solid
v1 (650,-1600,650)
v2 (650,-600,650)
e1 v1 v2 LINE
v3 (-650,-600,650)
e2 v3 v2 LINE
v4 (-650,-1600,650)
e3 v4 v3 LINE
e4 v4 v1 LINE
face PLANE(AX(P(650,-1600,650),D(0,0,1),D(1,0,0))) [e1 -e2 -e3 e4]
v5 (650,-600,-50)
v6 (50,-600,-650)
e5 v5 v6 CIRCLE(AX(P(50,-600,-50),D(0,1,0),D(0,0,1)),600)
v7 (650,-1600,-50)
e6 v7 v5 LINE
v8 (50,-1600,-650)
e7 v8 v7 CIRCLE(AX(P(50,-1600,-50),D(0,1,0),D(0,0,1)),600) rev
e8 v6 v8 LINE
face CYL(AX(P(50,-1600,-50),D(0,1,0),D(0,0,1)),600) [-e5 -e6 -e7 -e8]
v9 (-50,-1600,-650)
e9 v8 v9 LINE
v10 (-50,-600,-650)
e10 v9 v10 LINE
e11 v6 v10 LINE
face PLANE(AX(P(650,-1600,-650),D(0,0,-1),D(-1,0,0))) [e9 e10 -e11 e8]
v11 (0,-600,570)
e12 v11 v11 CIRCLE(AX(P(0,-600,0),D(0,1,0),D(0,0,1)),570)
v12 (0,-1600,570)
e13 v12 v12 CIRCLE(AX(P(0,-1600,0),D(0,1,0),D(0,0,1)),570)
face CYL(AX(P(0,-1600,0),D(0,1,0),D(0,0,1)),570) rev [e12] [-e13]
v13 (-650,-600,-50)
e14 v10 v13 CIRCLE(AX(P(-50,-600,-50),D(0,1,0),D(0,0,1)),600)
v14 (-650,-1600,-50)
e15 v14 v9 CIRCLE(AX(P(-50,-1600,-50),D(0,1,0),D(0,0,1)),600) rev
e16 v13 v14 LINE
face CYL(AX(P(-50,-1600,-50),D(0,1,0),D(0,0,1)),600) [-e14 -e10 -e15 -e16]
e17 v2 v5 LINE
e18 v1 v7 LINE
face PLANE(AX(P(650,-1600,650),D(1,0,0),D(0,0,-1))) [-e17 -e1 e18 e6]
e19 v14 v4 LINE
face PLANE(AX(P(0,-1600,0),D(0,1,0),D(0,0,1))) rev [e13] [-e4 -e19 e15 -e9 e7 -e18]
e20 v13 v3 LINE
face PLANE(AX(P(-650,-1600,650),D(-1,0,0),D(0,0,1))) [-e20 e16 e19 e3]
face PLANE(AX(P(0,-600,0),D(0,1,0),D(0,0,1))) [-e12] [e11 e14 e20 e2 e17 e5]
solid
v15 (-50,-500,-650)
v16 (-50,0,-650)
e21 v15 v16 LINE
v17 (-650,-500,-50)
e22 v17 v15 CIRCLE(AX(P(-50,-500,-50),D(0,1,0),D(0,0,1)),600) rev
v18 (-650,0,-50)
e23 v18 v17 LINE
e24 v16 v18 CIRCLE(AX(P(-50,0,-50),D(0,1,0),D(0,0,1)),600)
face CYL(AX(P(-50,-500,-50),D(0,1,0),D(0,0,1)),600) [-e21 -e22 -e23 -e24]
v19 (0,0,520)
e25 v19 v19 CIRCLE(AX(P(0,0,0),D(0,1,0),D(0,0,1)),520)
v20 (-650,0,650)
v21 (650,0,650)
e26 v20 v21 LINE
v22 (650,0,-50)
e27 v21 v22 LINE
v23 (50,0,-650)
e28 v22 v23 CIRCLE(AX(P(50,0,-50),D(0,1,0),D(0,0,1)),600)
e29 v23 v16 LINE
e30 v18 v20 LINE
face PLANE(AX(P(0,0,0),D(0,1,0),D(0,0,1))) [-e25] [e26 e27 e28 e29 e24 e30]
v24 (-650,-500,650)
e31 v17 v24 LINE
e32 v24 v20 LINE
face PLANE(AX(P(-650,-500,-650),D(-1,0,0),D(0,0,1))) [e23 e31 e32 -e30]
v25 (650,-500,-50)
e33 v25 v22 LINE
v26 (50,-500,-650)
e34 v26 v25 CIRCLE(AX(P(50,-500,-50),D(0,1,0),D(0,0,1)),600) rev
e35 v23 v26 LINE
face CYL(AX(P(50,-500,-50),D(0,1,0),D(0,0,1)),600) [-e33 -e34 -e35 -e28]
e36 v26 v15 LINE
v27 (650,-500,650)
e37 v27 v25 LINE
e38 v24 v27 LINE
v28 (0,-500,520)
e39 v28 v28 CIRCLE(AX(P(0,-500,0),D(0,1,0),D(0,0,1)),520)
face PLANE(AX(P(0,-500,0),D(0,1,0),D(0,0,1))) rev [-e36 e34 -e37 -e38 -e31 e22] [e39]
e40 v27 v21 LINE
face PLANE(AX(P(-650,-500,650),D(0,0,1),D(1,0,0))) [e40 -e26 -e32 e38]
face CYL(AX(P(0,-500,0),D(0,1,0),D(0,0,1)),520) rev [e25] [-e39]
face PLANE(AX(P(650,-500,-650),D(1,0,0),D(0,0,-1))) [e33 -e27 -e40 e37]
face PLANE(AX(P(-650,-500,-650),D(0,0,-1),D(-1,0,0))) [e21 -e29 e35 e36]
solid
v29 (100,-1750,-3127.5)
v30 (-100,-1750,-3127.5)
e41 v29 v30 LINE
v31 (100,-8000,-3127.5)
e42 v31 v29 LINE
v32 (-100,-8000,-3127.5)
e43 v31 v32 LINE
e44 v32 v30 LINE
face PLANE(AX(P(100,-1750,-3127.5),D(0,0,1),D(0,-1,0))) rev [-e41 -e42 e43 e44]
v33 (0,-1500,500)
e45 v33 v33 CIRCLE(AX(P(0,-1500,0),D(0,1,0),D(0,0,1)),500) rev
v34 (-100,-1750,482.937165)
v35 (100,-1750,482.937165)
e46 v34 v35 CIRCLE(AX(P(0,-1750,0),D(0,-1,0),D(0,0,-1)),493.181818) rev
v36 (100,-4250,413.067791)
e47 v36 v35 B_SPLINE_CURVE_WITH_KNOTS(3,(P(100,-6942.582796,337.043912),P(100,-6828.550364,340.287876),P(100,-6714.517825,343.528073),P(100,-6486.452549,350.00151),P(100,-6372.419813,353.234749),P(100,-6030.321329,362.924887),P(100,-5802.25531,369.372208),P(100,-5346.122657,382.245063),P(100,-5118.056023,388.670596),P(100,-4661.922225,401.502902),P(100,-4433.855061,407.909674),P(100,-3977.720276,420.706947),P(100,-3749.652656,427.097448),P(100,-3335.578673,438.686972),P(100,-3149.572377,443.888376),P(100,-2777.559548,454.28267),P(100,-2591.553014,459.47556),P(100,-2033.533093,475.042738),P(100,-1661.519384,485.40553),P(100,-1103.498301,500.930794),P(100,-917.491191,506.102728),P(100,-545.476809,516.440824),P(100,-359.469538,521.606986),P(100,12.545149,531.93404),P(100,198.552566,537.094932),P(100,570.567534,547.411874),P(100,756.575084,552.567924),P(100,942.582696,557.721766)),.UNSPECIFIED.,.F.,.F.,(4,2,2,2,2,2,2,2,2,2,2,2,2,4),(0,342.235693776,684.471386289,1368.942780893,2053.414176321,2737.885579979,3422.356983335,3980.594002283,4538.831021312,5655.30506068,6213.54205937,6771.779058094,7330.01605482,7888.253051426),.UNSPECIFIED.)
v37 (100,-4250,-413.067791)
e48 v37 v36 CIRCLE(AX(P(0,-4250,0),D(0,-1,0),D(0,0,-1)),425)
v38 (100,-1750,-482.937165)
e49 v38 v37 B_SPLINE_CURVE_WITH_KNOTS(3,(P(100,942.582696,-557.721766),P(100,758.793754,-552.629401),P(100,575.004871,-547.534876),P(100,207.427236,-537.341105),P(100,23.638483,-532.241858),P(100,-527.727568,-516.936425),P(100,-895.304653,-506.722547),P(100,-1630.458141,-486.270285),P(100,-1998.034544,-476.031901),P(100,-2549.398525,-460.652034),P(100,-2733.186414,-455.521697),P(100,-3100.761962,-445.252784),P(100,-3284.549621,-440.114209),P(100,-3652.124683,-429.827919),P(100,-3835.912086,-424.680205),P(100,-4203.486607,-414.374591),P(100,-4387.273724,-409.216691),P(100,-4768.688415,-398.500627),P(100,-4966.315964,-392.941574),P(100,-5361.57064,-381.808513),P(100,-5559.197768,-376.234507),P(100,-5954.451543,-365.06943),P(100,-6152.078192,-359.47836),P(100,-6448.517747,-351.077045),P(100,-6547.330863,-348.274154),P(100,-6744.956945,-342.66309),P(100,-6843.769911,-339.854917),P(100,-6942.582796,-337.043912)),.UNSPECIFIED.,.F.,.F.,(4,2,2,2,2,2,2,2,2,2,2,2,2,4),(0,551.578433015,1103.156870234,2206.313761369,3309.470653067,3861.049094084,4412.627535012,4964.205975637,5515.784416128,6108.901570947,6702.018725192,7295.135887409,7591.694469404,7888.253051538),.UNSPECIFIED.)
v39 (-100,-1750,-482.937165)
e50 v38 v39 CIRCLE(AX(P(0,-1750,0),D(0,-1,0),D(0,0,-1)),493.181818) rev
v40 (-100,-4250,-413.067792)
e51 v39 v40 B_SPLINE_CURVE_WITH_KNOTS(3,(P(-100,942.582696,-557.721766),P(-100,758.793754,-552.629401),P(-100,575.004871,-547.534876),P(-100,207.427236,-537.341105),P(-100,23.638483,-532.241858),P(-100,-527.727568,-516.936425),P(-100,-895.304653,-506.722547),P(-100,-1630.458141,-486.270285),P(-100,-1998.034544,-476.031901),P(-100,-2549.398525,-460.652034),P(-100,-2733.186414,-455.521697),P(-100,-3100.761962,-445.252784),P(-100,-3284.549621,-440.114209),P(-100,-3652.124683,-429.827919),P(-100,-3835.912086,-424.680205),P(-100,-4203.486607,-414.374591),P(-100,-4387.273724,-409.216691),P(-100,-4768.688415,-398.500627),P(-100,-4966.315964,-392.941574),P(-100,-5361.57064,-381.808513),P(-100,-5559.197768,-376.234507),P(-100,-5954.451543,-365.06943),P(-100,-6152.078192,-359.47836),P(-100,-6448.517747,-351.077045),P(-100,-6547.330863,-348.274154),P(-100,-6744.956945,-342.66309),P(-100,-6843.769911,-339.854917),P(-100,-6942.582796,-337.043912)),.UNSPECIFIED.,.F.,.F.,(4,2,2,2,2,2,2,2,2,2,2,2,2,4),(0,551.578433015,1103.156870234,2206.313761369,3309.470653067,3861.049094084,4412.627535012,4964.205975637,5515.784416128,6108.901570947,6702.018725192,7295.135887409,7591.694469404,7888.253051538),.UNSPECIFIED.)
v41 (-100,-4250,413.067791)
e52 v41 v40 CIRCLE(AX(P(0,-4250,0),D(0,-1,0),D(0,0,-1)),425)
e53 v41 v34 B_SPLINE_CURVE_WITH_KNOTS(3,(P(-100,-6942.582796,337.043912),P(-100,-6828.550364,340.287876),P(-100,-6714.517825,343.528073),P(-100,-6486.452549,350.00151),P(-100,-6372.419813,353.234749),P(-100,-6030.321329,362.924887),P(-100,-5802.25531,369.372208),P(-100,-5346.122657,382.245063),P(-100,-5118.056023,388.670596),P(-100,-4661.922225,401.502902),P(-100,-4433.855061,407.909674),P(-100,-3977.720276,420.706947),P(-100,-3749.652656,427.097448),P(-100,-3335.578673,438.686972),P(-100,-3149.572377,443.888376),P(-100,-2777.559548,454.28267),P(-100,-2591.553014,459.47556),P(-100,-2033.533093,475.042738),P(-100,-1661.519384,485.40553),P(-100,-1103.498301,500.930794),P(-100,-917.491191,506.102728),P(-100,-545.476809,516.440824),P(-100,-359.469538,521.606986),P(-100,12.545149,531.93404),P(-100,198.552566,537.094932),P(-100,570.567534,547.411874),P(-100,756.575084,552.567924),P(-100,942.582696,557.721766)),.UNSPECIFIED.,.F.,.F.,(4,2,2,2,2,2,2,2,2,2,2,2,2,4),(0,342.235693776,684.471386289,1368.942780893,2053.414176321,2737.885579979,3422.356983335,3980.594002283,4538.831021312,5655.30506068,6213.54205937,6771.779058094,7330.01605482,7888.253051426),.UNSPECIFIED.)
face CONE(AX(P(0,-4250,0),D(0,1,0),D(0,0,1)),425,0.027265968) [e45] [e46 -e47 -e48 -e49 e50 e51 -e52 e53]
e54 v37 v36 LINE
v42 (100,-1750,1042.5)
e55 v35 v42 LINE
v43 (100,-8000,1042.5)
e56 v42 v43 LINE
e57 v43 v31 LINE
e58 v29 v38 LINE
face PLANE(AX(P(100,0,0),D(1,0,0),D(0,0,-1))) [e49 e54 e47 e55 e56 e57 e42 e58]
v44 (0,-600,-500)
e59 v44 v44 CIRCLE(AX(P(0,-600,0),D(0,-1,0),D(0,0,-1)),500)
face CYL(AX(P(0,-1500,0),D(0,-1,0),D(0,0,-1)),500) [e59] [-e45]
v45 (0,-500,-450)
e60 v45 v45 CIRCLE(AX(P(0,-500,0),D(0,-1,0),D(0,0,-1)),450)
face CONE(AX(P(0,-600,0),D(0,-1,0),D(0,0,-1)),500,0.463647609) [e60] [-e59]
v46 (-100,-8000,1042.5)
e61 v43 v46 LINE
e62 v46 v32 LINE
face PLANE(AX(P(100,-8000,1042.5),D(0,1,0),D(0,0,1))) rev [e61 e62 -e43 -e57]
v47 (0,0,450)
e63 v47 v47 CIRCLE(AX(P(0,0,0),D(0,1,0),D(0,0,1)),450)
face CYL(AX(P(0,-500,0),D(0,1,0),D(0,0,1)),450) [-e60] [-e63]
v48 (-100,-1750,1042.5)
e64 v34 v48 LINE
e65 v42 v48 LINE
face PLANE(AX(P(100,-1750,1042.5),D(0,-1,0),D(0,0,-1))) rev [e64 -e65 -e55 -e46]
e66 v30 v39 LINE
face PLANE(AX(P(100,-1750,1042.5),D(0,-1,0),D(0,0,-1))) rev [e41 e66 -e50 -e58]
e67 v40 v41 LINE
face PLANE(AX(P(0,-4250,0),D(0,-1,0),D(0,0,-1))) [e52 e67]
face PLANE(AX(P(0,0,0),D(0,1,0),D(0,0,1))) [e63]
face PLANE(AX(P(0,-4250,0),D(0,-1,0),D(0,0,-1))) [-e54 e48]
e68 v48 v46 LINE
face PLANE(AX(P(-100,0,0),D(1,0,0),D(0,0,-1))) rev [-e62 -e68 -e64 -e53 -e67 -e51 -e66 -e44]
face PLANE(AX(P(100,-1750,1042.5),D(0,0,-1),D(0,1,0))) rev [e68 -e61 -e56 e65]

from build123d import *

# Parameters (mm, degrees)
SKETCH_8_R       = 450
EXTRUDE_3_DEPTH  = 500
SKETCH_20_R      = 425
SKETCH_22_W      = 4170
SKETCH_22_H      = 6250
EXTRUDE_9_DEPTH  = 100
SKETCH_23_W      = 1300
SKETCH_23_H      = 1300
SKETCH_23_R      = 520
EXTRUDE_10_DEPTH = 500
SKETCH_24_W      = 1300
SKETCH_24_H      = 1300
SKETCH_24_R      = 570
EXTRUDE_11_DEPTH = 1000
FILLET_1_R       = 600
FILLET_2_R       = 600


with BuildPart() as part:
    # 草图8 → 凸台-拉伸3 (new body)
    with BuildSketch(Plane(origin=(0, 0, 0), x_dir=(1, 0, 0), z_dir=(0, 1, 0))):
        with Locations(Location((0, 0, 0), (0, 0, 270))):
            Circle(SKETCH_8_R)
    extrude(amount=-EXTRUDE_3_DEPTH)

    # 草图19 → 旋转1 (revolve)
    with BuildSketch(Plane(origin=(0, 0, 0), x_dir=(0, 0, -1), z_dir=(1, 0, 0))):
        Polygon((450, -500), (500, -600), (500, -1500), (0, -1500), (0, -500), align=None)
    revolve(axis=Axis((0, -1500, 0), (0, 1, 0)))

    # 草图20 → section 1 of loft_2
    with BuildSketch(Plane(origin=(0, -4250, 0), x_dir=(-1, 0, 0), z_dir=(0, -1, 0)), mode=Mode.PRIVATE) as loft_2_s1:
        Circle(SKETCH_20_R)
    # loft up to a face of the part (loft_2)
    loft([Face(Wire([part.edges().sort_by_distance((364.484313711, -1500, 342.273552964))[0]])), loft_2_s1.sketch])

    # 草图22 → 凸台-拉伸9 (add, symmetric)
    with BuildSketch(Plane(origin=(0, 0, 0), x_dir=(0, 0, -1), z_dir=(1, 0, 0))):
        with Locations((1042.5, -4875)):
            Rectangle(SKETCH_22_W, SKETCH_22_H)
    extrude(amount=EXTRUDE_9_DEPTH, both=True)


with BuildPart() as body_2:
    # 草图23 → 凸台-拉伸10 (new body)
    with BuildSketch(Plane(origin=(0, 0, 0), x_dir=(1, 0, 0), z_dir=(0, 1, 0))):
        Rectangle(SKETCH_23_W, SKETCH_23_H)
        with Locations(Location((0, 0, 0), (0, 0, 270))):
            Circle(SKETCH_23_R, mode=Mode.SUBTRACT)
    extrude(amount=-EXTRUDE_10_DEPTH)

    # 圆角1
    fillet_1_edges = [body_2.edges().sort_by_distance(p)[0] for p in [
        (-650, -250, -650),
        (650, -250, -650),
    ]]
    fillet(fillet_1_edges, radius=FILLET_1_R)


with BuildPart() as body_3:
    # 草图24 → 凸台-拉伸11 (new body)
    with BuildSketch(Plane(origin=(0, -600, 0), x_dir=(1, 0, 0), z_dir=(0, 1, 0))):
        Rectangle(SKETCH_24_W, SKETCH_24_H)
        with Locations(Location((0, 0, 0), (0, 0, 270))):
            Circle(SKETCH_24_R, mode=Mode.SUBTRACT)
    extrude(amount=-EXTRUDE_11_DEPTH)

    # 圆角2
    fillet_2_edges = [body_3.edges().sort_by_distance(p)[0] for p in [
        (-650, -1100, -650),
        (650, -1100, -650),
    ]]
    fillet(fillet_2_edges, radius=FILLET_2_R)


solid = Compound([part.part, body_2.part, body_3.part])
